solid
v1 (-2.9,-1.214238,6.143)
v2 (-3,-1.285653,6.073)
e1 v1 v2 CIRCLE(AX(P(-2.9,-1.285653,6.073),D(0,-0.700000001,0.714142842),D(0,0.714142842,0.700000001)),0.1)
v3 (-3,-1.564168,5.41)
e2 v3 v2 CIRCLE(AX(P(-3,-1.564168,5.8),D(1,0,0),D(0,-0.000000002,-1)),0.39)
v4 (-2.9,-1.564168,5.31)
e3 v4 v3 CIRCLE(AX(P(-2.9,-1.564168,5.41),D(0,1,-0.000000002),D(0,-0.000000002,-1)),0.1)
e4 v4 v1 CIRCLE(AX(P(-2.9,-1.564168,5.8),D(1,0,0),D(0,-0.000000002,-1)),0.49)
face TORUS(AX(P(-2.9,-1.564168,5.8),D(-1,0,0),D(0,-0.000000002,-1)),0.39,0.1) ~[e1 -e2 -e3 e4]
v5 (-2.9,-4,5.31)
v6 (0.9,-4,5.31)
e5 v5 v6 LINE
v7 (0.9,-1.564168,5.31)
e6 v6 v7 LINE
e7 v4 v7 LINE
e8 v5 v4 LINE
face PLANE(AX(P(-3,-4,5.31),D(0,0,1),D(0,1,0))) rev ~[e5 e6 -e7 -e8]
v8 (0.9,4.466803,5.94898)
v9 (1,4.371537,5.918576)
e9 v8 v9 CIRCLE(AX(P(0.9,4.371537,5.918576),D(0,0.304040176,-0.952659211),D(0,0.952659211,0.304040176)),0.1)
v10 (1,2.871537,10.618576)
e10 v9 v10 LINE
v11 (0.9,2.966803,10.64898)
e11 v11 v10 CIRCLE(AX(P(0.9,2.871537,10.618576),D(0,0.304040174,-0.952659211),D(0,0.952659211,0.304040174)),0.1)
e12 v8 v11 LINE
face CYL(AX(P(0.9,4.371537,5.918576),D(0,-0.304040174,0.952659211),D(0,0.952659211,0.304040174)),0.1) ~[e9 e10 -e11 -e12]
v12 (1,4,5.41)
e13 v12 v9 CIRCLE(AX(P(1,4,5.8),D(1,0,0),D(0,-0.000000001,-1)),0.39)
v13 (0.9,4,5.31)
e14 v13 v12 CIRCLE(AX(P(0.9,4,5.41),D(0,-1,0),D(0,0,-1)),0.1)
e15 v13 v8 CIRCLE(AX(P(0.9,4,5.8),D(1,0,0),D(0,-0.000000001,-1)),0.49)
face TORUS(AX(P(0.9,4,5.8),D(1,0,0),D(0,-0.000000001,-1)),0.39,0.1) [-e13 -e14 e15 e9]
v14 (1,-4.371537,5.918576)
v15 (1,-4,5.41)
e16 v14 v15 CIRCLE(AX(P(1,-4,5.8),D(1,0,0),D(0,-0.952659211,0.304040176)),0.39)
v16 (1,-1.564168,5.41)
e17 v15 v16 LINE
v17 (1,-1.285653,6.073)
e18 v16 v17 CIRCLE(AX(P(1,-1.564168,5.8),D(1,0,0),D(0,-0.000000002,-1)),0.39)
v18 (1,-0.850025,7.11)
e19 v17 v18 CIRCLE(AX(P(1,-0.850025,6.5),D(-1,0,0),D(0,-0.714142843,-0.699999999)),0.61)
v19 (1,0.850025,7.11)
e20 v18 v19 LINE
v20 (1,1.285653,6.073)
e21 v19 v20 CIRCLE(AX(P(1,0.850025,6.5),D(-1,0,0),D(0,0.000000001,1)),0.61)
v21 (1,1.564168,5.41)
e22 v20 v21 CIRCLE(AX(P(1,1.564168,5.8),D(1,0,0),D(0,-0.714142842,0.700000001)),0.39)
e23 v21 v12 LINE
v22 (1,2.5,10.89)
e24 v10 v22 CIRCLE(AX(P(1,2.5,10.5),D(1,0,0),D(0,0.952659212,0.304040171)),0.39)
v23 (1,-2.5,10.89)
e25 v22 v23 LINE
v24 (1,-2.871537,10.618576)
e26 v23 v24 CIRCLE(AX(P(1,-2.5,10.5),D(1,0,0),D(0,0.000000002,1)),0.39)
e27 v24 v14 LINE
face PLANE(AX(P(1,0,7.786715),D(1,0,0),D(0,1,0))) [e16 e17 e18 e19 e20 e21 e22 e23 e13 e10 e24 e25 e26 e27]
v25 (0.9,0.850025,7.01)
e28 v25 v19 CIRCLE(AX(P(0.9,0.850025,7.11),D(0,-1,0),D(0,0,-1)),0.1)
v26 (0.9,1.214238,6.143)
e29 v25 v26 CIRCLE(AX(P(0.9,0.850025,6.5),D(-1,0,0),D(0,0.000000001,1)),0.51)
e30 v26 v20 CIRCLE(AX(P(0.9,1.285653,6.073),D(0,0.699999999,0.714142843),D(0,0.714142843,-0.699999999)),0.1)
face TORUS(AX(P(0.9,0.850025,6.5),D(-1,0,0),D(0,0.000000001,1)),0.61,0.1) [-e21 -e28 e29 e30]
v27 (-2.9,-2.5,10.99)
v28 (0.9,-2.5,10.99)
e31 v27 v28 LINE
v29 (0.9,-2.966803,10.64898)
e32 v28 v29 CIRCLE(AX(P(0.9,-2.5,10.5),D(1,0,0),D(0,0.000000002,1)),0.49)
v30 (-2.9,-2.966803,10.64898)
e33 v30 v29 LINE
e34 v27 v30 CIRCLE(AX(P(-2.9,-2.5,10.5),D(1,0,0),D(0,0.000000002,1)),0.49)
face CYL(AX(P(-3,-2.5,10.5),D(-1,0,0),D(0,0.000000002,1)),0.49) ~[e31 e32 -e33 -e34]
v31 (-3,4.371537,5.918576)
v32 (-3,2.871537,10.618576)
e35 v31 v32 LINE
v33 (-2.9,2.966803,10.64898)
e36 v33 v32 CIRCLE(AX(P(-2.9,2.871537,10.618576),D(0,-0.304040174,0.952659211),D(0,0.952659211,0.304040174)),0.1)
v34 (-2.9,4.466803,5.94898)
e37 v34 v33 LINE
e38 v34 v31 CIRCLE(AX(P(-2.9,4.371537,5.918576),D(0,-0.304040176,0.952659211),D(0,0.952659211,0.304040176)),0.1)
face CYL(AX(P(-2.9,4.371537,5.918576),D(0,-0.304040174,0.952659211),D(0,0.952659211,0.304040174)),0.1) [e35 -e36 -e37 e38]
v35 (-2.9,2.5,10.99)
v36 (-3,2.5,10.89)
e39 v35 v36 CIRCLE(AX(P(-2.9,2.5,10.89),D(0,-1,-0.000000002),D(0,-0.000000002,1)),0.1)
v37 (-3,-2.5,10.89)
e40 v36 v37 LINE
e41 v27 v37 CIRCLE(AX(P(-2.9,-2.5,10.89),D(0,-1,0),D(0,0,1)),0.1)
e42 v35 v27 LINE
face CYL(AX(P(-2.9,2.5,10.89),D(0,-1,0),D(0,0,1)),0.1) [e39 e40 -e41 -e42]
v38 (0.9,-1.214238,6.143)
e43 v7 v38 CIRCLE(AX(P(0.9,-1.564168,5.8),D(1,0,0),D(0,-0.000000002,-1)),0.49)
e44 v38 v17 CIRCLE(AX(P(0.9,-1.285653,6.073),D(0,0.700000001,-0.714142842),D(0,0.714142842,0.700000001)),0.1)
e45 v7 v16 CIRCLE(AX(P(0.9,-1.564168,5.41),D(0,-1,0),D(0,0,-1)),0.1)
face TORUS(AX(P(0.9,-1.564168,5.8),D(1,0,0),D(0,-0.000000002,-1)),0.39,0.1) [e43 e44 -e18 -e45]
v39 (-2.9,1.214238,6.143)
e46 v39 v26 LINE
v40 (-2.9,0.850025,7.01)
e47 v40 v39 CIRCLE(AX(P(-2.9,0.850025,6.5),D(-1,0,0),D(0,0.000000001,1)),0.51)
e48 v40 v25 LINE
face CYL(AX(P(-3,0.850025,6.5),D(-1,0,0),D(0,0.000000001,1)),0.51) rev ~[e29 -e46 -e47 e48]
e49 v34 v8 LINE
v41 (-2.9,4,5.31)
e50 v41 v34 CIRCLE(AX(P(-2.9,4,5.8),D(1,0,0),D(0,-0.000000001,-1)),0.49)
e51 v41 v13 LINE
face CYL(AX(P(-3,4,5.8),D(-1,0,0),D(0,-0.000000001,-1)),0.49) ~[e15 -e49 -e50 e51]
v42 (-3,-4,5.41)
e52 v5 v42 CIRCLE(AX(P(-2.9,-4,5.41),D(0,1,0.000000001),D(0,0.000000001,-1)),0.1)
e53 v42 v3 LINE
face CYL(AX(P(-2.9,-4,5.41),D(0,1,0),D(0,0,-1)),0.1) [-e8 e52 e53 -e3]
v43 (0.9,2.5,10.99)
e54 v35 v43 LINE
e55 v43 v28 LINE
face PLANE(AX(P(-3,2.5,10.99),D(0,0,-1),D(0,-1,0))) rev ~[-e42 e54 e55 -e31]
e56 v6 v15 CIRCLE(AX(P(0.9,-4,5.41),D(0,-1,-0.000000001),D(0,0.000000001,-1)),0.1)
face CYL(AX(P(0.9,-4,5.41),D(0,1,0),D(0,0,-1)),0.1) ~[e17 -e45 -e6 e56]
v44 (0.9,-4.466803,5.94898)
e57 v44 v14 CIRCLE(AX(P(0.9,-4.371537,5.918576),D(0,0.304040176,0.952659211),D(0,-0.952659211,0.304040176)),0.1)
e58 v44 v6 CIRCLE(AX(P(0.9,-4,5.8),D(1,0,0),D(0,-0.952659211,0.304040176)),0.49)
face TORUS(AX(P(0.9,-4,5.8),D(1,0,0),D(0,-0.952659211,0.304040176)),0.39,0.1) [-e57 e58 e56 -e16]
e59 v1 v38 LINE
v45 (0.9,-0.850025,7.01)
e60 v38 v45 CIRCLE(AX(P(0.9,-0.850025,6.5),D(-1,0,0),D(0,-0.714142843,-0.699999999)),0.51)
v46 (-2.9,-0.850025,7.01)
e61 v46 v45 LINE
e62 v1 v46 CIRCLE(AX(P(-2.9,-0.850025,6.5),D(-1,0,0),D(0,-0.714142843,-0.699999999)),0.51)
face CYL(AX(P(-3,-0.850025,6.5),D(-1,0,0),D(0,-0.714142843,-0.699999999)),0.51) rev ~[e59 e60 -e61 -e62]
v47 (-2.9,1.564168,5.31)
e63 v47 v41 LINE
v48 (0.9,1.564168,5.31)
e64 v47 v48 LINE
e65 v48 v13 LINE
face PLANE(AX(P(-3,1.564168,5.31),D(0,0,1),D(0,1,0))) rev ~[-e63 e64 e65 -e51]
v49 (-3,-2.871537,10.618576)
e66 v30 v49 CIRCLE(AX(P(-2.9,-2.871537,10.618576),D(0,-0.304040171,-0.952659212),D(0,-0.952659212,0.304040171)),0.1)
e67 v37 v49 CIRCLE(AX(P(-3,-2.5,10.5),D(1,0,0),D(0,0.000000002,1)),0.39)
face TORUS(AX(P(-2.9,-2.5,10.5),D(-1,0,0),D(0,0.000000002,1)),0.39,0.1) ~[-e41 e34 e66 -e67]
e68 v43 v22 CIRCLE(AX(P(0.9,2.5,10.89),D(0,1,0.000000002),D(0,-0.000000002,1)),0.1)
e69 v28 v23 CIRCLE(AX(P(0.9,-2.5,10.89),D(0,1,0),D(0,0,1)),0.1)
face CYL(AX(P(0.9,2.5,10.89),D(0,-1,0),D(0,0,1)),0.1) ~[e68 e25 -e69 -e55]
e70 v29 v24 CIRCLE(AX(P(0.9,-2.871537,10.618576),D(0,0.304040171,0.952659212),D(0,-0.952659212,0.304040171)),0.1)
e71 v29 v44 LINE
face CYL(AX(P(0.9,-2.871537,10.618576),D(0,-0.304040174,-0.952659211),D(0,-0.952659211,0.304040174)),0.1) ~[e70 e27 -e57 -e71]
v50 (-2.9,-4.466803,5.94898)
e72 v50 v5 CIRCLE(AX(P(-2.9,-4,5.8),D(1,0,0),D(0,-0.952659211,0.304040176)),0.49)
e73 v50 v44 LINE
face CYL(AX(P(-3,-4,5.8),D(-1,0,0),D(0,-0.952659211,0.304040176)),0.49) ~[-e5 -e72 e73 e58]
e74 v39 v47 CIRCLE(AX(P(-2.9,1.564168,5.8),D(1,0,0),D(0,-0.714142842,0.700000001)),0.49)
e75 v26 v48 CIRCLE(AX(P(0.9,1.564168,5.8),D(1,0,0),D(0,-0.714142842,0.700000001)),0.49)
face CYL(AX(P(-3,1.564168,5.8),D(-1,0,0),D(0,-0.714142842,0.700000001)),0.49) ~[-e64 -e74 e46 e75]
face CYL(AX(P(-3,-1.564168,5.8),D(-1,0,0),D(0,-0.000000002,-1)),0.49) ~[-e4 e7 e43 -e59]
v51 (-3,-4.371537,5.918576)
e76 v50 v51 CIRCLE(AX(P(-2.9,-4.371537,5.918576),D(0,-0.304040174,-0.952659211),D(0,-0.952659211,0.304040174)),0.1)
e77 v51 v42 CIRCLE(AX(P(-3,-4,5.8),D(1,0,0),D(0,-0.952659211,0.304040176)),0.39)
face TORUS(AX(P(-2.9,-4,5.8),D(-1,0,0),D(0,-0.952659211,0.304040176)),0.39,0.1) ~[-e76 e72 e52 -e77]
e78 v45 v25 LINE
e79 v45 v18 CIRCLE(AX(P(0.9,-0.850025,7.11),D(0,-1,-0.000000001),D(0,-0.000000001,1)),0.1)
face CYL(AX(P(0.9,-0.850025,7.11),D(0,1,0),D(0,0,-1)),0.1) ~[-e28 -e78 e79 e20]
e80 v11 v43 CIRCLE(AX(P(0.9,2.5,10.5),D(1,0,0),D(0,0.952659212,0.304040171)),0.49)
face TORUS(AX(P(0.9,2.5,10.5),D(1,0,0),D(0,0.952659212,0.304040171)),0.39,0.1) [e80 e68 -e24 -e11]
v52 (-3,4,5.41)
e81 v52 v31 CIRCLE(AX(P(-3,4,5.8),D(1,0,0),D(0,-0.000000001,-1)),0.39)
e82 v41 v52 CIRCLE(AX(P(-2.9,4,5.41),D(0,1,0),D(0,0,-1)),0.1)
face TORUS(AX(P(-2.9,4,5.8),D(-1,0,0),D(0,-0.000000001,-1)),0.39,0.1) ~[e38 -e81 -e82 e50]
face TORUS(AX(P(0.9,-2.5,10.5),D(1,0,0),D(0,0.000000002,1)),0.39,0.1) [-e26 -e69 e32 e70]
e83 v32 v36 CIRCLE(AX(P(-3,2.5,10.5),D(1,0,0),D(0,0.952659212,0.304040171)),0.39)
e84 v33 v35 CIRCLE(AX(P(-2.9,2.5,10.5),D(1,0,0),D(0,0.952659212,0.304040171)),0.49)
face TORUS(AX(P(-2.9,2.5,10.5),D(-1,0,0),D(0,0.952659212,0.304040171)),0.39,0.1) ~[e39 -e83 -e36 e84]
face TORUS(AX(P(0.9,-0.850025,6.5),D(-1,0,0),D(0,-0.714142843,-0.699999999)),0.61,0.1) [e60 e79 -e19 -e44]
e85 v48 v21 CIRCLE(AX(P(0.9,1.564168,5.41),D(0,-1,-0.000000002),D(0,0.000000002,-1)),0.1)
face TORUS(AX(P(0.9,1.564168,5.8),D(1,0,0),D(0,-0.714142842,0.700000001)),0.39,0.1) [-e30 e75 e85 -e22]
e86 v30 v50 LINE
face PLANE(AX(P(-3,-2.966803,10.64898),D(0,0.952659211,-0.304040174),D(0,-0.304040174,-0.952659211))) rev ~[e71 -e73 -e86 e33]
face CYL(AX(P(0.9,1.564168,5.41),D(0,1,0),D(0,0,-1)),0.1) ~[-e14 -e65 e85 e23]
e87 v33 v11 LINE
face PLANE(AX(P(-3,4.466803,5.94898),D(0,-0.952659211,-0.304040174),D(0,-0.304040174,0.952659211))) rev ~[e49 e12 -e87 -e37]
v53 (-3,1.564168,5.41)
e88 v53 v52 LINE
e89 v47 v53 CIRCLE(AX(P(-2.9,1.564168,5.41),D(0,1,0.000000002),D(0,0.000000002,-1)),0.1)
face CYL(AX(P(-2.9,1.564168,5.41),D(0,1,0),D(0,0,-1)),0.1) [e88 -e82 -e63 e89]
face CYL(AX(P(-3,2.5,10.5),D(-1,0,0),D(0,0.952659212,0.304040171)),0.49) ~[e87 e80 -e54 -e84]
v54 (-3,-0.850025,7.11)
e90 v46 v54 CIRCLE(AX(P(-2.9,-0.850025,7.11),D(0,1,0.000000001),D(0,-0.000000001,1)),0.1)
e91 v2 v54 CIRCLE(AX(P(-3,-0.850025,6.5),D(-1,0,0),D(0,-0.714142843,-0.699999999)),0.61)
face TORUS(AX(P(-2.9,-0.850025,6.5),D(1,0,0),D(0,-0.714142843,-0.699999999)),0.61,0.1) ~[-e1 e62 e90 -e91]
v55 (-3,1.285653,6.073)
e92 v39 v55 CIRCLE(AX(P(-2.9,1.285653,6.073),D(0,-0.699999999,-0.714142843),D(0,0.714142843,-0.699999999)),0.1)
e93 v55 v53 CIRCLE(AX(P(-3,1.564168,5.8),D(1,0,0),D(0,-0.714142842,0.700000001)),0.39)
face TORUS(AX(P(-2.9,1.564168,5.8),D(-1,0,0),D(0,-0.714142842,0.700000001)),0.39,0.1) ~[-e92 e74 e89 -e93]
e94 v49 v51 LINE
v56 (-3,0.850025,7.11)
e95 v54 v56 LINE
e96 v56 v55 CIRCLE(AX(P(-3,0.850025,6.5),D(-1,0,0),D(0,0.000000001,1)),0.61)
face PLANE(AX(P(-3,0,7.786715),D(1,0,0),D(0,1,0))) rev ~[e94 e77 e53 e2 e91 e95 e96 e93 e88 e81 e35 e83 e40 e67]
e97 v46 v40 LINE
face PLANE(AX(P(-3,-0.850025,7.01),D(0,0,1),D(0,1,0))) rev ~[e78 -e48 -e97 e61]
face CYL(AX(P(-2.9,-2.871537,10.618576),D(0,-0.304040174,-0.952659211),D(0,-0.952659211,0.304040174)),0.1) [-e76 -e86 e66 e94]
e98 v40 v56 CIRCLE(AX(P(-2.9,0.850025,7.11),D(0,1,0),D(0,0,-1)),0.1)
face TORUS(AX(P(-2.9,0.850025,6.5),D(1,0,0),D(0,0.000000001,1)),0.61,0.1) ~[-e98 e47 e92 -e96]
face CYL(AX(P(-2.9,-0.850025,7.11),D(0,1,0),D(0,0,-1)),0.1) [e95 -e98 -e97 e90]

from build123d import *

# Parameters (mm, degrees)
BOSS_EXTRUDE1_DEPTH      = 1
BOSS_EXTRUDE1_DEPTH_BACK = 3
FILLET1_R                = 0.1


with BuildPart() as part:
    # Sketch3 → Boss-Extrude1 (new, two sides: drawn at the far end of the back side and taken through both)
    with BuildSketch(Plane.YZ.offset(-BOSS_EXTRUDE1_DEPTH_BACK)):
        with BuildLine():
            Line((-4, 5.31), (-1.56416825, 5.31))
            ThreePointArc((-1.56416825, 5.31), (-1.112410571, 5.610223816), (-1.214238257, 6.143))
            ThreePointArc((-1.214238257, 6.143), (-1.320222174, 6.697522151), (-0.850025407, 7.01))
            Line((-0.850025407, 7.01), (0.850025407, 7.01))
            ThreePointArc((0.850025407, 7.01), (1.320222174, 6.697522151), (1.214238257, 6.143))
            ThreePointArc((1.214238257, 6.143), (1.112410571, 5.610223816), (1.56416825, 5.31))
            Line((1.56416825, 5.31), (4, 5.31))
            ThreePointArc((4, 5.31), (4.395664028, 5.510949871), (4.466803013, 5.948979685))
            Line((4.466803013, 5.948979685), (2.966803013, 10.648979685))
            ThreePointArc((2.966803013, 10.648979685), (2.789050129, 10.895664028), (2.5, 10.99))
            Line((2.5, 10.99), (-2.5, 10.99))
            ThreePointArc((-2.5, 10.99), (-2.789050129, 10.895664028), (-2.966803013, 10.648979685))
            Line((-2.966803013, 10.648979685), (-4.466803013, 5.948979685))
            ThreePointArc((-4.466803013, 5.948979685), (-4.395664028, 5.510949871), (-4, 5.31))
        make_face()
    extrude(amount=BOSS_EXTRUDE1_DEPTH + BOSS_EXTRUDE1_DEPTH_BACK)

    # Fillet1
    fillet1_edges = [part.edges().sort_by_distance(p)[0] for p in [
        (-3, -1.112410571, 5.610223816),
        (-3, -1.320222174, 6.697522151),
        (-3, 0, 7.01),
        (-3, 1.320222174, 6.697522151),
        (-3, 1.112410571, 5.610223816),
        (-3, 2.782084125, 5.31),
        (-3, 4.395664028, 5.510949871),
        (1, -4.395664028, 5.510949871),
        (1, -2.782084125, 5.31),
        (1, -1.112410571, 5.610223816),
        (1, -1.320222174, 6.697522151),
        (-3, 3.716803013, 8.298979685),
        (1, 0, 7.01),
        (1, 1.320222174, 6.697522151),
        (1, 1.112410571, 5.610223816),
        (1, 2.782084125, 5.31),
        (1, 4.395664028, 5.510949871),
        (1, 3.716803013, 8.298979685),
        (1, 2.789050129, 10.895664028),
        (1, 0, 10.99),
        (1, -2.789050129, 10.895664028),
        (1, -3.716803013, 8.298979685),
        (-3, 2.789050129, 10.895664028),
        (-3, 0, 10.99),
        (-3, -4.395664028, 5.510949871),
        (-3, -2.789050129, 10.895664028),
        (-3, -3.716803013, 8.298979685),
        (-3, -2.782084125, 5.31),
    ]]
    fillet(fillet1_edges, radius=FILLET1_R)


solid = part.part
